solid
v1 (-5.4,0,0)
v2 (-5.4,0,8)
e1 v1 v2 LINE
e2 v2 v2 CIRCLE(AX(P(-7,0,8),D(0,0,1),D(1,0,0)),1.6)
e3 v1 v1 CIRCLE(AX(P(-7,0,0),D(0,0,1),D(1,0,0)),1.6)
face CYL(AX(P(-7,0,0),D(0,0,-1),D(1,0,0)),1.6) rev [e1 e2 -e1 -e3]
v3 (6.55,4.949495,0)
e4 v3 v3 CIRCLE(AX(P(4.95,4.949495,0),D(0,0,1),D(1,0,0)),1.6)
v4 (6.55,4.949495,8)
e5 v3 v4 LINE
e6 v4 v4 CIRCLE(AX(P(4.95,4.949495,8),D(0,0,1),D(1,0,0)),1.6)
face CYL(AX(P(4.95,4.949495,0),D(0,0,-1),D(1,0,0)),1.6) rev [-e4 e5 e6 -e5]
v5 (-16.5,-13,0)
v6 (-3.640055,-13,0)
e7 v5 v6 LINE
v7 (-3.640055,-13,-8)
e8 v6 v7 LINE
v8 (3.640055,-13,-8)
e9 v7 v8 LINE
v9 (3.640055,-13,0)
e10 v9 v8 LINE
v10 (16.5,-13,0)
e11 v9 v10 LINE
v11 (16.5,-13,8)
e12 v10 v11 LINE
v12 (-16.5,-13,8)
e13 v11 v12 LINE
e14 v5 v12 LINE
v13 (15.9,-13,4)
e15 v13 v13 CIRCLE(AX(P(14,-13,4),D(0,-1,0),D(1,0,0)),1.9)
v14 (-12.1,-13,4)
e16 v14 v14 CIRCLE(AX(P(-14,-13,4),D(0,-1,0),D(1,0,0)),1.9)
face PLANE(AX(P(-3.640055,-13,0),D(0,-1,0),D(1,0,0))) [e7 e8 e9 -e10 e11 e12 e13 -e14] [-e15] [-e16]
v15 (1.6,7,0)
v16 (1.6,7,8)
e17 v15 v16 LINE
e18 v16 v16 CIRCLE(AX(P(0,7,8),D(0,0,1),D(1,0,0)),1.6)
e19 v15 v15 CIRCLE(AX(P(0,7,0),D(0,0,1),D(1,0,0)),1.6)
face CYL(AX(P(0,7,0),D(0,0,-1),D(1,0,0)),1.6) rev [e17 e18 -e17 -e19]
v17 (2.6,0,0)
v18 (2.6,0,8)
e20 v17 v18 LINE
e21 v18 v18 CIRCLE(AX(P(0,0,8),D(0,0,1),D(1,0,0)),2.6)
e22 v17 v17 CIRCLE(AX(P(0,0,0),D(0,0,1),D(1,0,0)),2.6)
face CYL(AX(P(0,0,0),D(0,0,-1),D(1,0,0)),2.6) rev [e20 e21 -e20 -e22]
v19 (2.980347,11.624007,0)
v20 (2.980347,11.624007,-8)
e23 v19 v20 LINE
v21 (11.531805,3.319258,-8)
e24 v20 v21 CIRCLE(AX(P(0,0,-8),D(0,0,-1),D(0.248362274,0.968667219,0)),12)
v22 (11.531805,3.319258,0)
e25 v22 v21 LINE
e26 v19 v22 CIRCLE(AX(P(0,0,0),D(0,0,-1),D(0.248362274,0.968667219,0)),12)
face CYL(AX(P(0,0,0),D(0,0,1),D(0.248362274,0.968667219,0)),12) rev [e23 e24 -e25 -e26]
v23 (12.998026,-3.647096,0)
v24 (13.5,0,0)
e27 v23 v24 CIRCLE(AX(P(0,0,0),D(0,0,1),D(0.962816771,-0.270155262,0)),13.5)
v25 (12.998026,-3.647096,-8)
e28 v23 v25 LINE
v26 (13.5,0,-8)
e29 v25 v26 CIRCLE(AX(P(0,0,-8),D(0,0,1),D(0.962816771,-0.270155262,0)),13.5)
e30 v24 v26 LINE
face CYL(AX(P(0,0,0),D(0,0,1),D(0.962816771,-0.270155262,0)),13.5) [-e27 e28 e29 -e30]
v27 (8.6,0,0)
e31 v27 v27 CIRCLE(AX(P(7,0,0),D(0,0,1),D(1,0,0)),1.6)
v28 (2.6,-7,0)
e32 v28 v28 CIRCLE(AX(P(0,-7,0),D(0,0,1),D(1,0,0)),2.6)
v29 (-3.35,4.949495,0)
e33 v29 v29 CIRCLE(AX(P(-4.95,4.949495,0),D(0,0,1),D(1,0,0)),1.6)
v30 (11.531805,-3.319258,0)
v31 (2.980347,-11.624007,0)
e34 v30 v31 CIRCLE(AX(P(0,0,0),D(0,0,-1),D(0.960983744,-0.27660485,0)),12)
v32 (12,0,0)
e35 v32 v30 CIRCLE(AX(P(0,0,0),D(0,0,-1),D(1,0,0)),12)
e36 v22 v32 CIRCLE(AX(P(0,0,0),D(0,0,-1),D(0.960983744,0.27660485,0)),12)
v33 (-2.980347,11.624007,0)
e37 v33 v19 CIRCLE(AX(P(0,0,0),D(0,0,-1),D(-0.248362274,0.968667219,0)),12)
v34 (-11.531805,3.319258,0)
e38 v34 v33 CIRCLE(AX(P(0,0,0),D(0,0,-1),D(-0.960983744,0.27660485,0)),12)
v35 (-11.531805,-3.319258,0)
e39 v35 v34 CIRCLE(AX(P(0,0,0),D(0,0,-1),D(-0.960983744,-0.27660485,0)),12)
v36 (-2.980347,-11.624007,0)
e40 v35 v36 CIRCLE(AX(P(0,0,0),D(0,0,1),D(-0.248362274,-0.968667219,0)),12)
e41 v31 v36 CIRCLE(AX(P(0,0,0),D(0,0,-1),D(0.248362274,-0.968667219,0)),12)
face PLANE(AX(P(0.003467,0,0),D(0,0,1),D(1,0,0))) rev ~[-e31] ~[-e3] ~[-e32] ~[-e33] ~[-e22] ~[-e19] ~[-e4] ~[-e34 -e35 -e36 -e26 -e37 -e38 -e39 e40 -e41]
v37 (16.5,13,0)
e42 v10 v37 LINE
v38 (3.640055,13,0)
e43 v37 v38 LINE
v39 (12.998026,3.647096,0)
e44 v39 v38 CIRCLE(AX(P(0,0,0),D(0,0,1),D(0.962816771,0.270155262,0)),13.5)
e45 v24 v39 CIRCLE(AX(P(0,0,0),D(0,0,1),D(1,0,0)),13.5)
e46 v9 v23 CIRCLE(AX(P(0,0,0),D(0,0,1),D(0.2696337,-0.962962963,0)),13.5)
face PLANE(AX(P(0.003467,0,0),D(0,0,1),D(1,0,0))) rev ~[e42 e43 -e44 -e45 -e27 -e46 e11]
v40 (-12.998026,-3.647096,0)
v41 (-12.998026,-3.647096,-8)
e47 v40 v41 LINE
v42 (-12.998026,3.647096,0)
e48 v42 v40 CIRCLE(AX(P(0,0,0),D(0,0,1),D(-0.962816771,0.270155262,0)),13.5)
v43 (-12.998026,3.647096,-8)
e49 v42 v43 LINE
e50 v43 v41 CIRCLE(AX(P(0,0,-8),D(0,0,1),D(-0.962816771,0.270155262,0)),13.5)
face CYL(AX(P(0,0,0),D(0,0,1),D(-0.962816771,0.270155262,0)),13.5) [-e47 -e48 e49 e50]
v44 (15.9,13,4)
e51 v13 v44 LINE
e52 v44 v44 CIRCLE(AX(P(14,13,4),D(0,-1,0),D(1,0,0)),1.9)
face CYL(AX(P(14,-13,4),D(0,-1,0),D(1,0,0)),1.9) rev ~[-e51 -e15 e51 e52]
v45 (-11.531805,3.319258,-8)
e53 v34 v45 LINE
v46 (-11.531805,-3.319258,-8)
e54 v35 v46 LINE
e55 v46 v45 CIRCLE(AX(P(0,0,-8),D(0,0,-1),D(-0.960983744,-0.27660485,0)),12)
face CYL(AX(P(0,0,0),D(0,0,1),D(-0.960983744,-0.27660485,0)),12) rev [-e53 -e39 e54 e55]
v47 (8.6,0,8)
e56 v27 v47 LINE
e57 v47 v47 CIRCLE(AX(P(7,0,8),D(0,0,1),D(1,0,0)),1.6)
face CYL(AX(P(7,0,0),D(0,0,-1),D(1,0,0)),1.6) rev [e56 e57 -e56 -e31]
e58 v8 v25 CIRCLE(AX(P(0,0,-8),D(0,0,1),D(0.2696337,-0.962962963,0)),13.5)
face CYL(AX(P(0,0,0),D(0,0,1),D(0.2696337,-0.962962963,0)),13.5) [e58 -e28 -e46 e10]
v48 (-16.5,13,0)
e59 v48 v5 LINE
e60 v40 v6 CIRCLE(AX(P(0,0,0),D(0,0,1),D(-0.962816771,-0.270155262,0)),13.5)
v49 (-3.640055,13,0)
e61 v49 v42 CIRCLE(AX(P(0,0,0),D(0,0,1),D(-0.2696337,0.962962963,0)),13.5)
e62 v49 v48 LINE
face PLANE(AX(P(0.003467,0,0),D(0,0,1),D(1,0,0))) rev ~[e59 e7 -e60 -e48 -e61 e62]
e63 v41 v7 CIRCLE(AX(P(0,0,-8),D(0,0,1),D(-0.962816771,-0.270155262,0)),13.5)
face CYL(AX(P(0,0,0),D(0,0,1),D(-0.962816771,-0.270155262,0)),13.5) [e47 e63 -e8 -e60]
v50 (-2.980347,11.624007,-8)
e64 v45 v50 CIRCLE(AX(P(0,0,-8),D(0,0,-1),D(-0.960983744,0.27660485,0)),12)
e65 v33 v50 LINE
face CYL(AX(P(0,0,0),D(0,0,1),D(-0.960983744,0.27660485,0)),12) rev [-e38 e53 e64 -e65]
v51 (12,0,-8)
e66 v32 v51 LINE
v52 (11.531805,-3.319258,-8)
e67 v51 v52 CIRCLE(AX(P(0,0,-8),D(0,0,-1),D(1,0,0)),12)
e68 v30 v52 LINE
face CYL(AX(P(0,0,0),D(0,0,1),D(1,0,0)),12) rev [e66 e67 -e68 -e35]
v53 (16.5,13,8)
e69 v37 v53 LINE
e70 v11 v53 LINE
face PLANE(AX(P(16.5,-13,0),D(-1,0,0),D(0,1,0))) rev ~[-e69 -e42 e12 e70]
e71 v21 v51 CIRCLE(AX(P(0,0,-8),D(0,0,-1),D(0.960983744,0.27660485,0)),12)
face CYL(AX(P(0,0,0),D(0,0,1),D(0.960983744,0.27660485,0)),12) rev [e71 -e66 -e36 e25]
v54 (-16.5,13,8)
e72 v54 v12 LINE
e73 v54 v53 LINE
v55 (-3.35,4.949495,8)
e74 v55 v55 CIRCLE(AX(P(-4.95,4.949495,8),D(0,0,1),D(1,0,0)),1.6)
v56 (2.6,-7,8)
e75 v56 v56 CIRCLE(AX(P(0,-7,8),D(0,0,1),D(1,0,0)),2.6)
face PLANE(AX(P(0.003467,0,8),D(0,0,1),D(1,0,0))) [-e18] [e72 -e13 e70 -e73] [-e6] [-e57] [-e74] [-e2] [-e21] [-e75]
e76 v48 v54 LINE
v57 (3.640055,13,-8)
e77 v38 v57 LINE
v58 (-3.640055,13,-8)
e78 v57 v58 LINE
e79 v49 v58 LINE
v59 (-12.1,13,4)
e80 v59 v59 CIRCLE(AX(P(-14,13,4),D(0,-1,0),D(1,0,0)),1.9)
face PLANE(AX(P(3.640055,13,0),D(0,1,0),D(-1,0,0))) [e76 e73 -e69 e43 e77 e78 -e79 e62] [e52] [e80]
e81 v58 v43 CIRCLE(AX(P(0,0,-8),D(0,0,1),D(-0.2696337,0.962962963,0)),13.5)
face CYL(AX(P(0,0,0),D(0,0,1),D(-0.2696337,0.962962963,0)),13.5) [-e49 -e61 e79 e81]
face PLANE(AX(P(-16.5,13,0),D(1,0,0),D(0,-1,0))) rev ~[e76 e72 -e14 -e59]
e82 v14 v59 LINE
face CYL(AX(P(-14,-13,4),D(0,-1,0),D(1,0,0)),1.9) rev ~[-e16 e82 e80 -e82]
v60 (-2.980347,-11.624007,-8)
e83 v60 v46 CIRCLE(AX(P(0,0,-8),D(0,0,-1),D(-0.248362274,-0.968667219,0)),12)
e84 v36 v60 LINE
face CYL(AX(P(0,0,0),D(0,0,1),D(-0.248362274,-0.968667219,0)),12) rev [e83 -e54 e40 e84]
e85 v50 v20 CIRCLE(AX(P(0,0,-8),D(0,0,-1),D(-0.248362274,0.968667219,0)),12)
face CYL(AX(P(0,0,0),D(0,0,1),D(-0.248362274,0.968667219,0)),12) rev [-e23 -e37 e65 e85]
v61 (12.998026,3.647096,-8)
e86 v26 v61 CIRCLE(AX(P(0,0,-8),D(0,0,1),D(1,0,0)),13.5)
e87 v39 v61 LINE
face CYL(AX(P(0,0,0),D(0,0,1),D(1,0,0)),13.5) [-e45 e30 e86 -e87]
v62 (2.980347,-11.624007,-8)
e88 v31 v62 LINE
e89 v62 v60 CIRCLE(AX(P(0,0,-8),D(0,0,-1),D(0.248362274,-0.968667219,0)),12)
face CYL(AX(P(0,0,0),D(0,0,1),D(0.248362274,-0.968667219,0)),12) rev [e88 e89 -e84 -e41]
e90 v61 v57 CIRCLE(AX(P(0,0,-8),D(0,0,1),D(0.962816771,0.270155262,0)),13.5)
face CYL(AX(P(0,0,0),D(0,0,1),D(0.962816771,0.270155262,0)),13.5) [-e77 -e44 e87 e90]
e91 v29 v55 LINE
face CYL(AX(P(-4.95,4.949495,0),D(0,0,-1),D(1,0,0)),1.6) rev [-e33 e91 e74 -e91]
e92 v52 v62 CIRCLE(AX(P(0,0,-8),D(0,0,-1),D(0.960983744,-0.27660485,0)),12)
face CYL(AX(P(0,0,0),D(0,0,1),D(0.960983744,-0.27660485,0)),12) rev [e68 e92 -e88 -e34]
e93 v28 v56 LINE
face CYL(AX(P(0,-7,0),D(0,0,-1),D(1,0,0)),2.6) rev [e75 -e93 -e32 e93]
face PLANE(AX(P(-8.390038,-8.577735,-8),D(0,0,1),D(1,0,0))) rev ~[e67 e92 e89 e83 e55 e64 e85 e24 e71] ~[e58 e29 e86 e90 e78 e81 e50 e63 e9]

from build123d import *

# Parameters (mm, degrees)
F0_R     = 4.25
F0_R_2   = 2.6
F1_DEPTH = 8
F0_R_3   = 10.25
F0_R_4   = 1.6
F2_DEPTH = 8
F3_DEPTH = 8
F4_DEPTH = 8
F5_R     = 1.9
F6_DEPTH = 27


with BuildPart() as f1:
    # F0 (on Top) → F1 (new body)
    with BuildSketch(Plane.XY):
        Circle(F0_R)
        Circle(F0_R_2, mode=Mode.SUBTRACT)
    extrude(amount=F1_DEPTH)

    # F0 (on Top) → F2 (join)
    with BuildSketch(Plane.XY):
        Circle(F0_R_3)
        with Locations((0, -7)):
            Circle(F0_R_2, mode=Mode.SUBTRACT)
        with Locations((-7, 0)):
            Circle(F0_R_4, mode=Mode.SUBTRACT)
        with Locations((-4.95, 4.9494949237)):
            Circle(F0_R_4, mode=Mode.SUBTRACT)
        Circle(F0_R, mode=Mode.SUBTRACT)
        with Locations((7, 0)):
            Circle(F0_R_4, mode=Mode.SUBTRACT)
        with Locations((4.95, 4.9494949237)):
            Circle(F0_R_4, mode=Mode.SUBTRACT)
        with Locations((0, 7)):
            Circle(F0_R_4, mode=Mode.SUBTRACT)
    extrude(amount=F2_DEPTH)

    # F0 (on Top) → F3 (join)
    with BuildSketch(Plane.XY):
        with BuildLine():
            ThreePointArc((11.5318049333, -3.3192581973), (11.8823747458, -1.6760579943), (12, 0))
            ThreePointArc((12, 0), (11.8823747458, 1.6760579943), (11.5318049333, 3.3192581973))
            ThreePointArc((11.5318049333, 3.3192581973), (8.3601945025, 8.6085508583), (2.9803472847, 11.6240066269))
            ThreePointArc((2.9803472847, 11.6240066269), (0, 12), (-2.9803472847, 11.6240066269))
            ThreePointArc((-2.9803472847, 11.6240066269), (-8.3601945025, 8.6085508583), (-11.5318049333, 3.3192581973))
            ThreePointArc((-11.5318049333, 3.3192581973), (-12, 0), (-11.5318049333, -3.3192581973))
            ThreePointArc((-11.5318049333, -3.3192581973), (-8.3601945025, -8.6085508583), (-2.9803472847, -11.6240066269))
            ThreePointArc((-2.9803472847, -11.6240066269), (0, -12), (2.9803472847, -11.6240066269))
            ThreePointArc((2.9803472847, -11.6240066269), (8.3601945025, -8.6085508583), (11.5318049333, -3.3192581973))
        make_face()
        Circle(F0_R_3, mode=Mode.SUBTRACT)
        with BuildLine():
            ThreePointArc((2.9803472847, 11.6240066269), (8.3601945025, 8.6085508583), (11.5318049333, 3.3192581973))
            Line((11.5318049333, 3.3192581973), (12.9980264072, 3.6470960391))
            ThreePointArc((12.9980264072, 3.6470960391), (9.5433558507, 9.5485265412), (3.6400549446, 13))
            Line((3.6400549446, 13), (3.3579982004, 13))
            Line((3.3579982004, 13), (2.9803472847, 11.6240066269))
        make_face()
        with BuildLine():
            ThreePointArc((-2.9803472847, 11.6240066269), (0, 12), (2.9803472847, 11.6240066269))
            Line((2.9803472847, 11.6240066269), (3.3579982004, 13))
            Line((3.3579982004, 13), (-3.3579982004, 13))
            Line((-3.3579982004, 13), (-2.9803472847, 11.6240066269))
        make_face()
        with BuildLine():
            ThreePointArc((3.6400549446, 13), (9.5433558507, 9.5485265412), (12.9980264072, 3.6470960391))
            ThreePointArc((12.9980264072, 3.6470960391), (13.3739178347, 1.8407394578), (13.5, 0))
            ThreePointArc((13.5, 0), (13.3739178347, -1.8407394578), (12.9980264072, -3.6470960391))
            ThreePointArc((12.9980264072, -3.6470960391), (9.5433558507, -9.5485265412), (3.6400549446, -13))
            Line((3.6400549446, -13), (16.5, -13))
            Line((16.5, -13), (16.5, 13))
            Line((16.5, 13), (3.6400549446, 13))
        make_face()
        with BuildLine():
            ThreePointArc((11.5318049333, 3.3192581973), (11.8823747458, 1.6760579943), (12, 0))
            ThreePointArc((12, 0), (11.8823747458, -1.6760579943), (11.5318049333, -3.3192581973))
            Line((11.5318049333, -3.3192581973), (12.9980264072, -3.6470960391))
            ThreePointArc((12.9980264072, -3.6470960391), (13.3739178347, -1.8407394578), (13.5, 0))
            ThreePointArc((13.5, 0), (13.3739178347, 1.8407394578), (12.9980264072, 3.6470960391))
            Line((12.9980264072, 3.6470960391), (11.5318049333, 3.3192581973))
        make_face()
        with BuildLine():
            Line((12.9980264072, -3.6470960391), (11.5318049333, -3.3192581973))
            ThreePointArc((11.5318049333, -3.3192581973), (8.3601945025, -8.6085508583), (2.9803472847, -11.6240066269))
            Line((2.9803472847, -11.6240066269), (3.3579982004, -13))
            Line((3.3579982004, -13), (3.6400549446, -13))
            ThreePointArc((3.6400549446, -13), (9.5433558507, -9.5485265412), (12.9980264072, -3.6470960391))
        make_face()
        with BuildLine():
            Line((3.3579982004, -13), (2.9803472847, -11.6240066269))
            ThreePointArc((2.9803472847, -11.6240066269), (0, -12), (-2.9803472847, -11.6240066269))
            Line((-2.9803472847, -11.6240066269), (-3.3579982004, -13))
            Line((-3.3579982004, -13), (3.3579982004, -13))
        make_face()
        with BuildLine():
            Line((-3.3579982004, -13), (-2.9803472847, -11.6240066269))
            ThreePointArc((-2.9803472847, -11.6240066269), (-8.3601945025, -8.6085508583), (-11.5318049333, -3.3192581973))
            Line((-11.5318049333, -3.3192581973), (-12.9980264072, -3.6470960391))
            ThreePointArc((-12.9980264072, -3.6470960391), (-9.5433558507, -9.5485265412), (-3.6400549446, -13))
            Line((-3.6400549446, -13), (-3.3579982004, -13))
        make_face()
        with BuildLine():
            ThreePointArc((-12.9980264072, -3.6470960391), (-13.5, 0), (-12.9980264072, 3.6470960391))
            ThreePointArc((-12.9980264072, 3.6470960391), (-9.5433558507, 9.5485265412), (-3.6400549446, 13))
            Line((-3.6400549446, 13), (-16.5, 13))
            Line((-16.5, 13), (-16.5, -13))
            Line((-16.5, -13), (-3.6400549446, -13))
            ThreePointArc((-3.6400549446, -13), (-9.5433558507, -9.5485265412), (-12.9980264072, -3.6470960391))
        make_face()
        with BuildLine():
            ThreePointArc((-11.5318049333, -3.3192581973), (-12, 0), (-11.5318049333, 3.3192581973))
            Line((-11.5318049333, 3.3192581973), (-12.9980264072, 3.6470960391))
            ThreePointArc((-12.9980264072, 3.6470960391), (-13.5, 0), (-12.9980264072, -3.6470960391))
            Line((-12.9980264072, -3.6470960391), (-11.5318049333, -3.3192581973))
        make_face()
        with BuildLine():
            ThreePointArc((-11.5318049333, 3.3192581973), (-8.3601945025, 8.6085508583), (-2.9803472847, 11.6240066269))
            Line((-2.9803472847, 11.6240066269), (-3.3579982004, 13))
            Line((-3.3579982004, 13), (-3.6400549446, 13))
            ThreePointArc((-3.6400549446, 13), (-9.5433558507, 9.5485265412), (-12.9980264072, 3.6470960391))
            Line((-12.9980264072, 3.6470960391), (-11.5318049333, 3.3192581973))
        make_face()
    extrude(amount=F3_DEPTH)

    # F0 (on Top) → F4 (join, symmetric)
    with BuildSketch(Plane.XY):
        with BuildLine():
            Line((-3.3579982004, -13), (-2.9803472847, -11.6240066269))
            ThreePointArc((-2.9803472847, -11.6240066269), (-8.3601945025, -8.6085508583), (-11.5318049333, -3.3192581973))
            Line((-11.5318049333, -3.3192581973), (-12.9980264072, -3.6470960391))
            ThreePointArc((-12.9980264072, -3.6470960391), (-9.5433558507, -9.5485265412), (-3.6400549446, -13))
            Line((-3.6400549446, -13), (-3.3579982004, -13))
        make_face()
        with BuildLine():
            Line((12.9980264072, -3.6470960391), (11.5318049333, -3.3192581973))
            ThreePointArc((11.5318049333, -3.3192581973), (8.3601945025, -8.6085508583), (2.9803472847, -11.6240066269))
            Line((2.9803472847, -11.6240066269), (3.3579982004, -13))
            Line((3.3579982004, -13), (3.6400549446, -13))
            ThreePointArc((3.6400549446, -13), (9.5433558507, -9.5485265412), (12.9980264072, -3.6470960391))
        make_face()
        with BuildLine():
            ThreePointArc((2.9803472847, 11.6240066269), (8.3601945025, 8.6085508583), (11.5318049333, 3.3192581973))
            Line((11.5318049333, 3.3192581973), (12.9980264072, 3.6470960391))
            ThreePointArc((12.9980264072, 3.6470960391), (9.5433558507, 9.5485265412), (3.6400549446, 13))
            Line((3.6400549446, 13), (3.3579982004, 13))
            Line((3.3579982004, 13), (2.9803472847, 11.6240066269))
        make_face()
        with BuildLine():
            ThreePointArc((-11.5318049333, 3.3192581973), (-8.3601945025, 8.6085508583), (-2.9803472847, 11.6240066269))
            Line((-2.9803472847, 11.6240066269), (-3.3579982004, 13))
            Line((-3.3579982004, 13), (-3.6400549446, 13))
            ThreePointArc((-3.6400549446, 13), (-9.5433558507, 9.5485265412), (-12.9980264072, 3.6470960391))
            Line((-12.9980264072, 3.6470960391), (-11.5318049333, 3.3192581973))
        make_face()
        with BuildLine():
            Line((3.3579982004, -13), (2.9803472847, -11.6240066269))
            ThreePointArc((2.9803472847, -11.6240066269), (0, -12), (-2.9803472847, -11.6240066269))
            Line((-2.9803472847, -11.6240066269), (-3.3579982004, -13))
            Line((-3.3579982004, -13), (3.3579982004, -13))
        make_face()
        with BuildLine():
            ThreePointArc((-11.5318049333, -3.3192581973), (-12, 0), (-11.5318049333, 3.3192581973))
            Line((-11.5318049333, 3.3192581973), (-12.9980264072, 3.6470960391))
            ThreePointArc((-12.9980264072, 3.6470960391), (-13.5, 0), (-12.9980264072, -3.6470960391))
            Line((-12.9980264072, -3.6470960391), (-11.5318049333, -3.3192581973))
        make_face()
        with BuildLine():
            ThreePointArc((11.5318049333, 3.3192581973), (11.8823747458, 1.6760579943), (12, 0))
            ThreePointArc((12, 0), (11.8823747458, -1.6760579943), (11.5318049333, -3.3192581973))
            Line((11.5318049333, -3.3192581973), (12.9980264072, -3.6470960391))
            ThreePointArc((12.9980264072, -3.6470960391), (13.3739178347, -1.8407394578), (13.5, 0))
            ThreePointArc((13.5, 0), (13.3739178347, 1.8407394578), (12.9980264072, 3.6470960391))
            Line((12.9980264072, 3.6470960391), (11.5318049333, 3.3192581973))
        make_face()
        with BuildLine():
            ThreePointArc((-2.9803472847, 11.6240066269), (0, 12), (2.9803472847, 11.6240066269))
            Line((2.9803472847, 11.6240066269), (3.3579982004, 13))
            Line((3.3579982004, 13), (-3.3579982004, 13))
            Line((-3.3579982004, 13), (-2.9803472847, 11.6240066269))
        make_face()
    extrude(amount=F4_DEPTH, both=True)

    # F5 (on face) → F6 (cut)
    with BuildSketch(Plane.XZ.offset(13)):
        with Locations((-14, 4)):
            Circle(F5_R)
        with Locations((14, 4)):
            Circle(F5_R)
    extrude(amount=-F6_DEPTH, mode=Mode.SUBTRACT)


solid = f1.part
